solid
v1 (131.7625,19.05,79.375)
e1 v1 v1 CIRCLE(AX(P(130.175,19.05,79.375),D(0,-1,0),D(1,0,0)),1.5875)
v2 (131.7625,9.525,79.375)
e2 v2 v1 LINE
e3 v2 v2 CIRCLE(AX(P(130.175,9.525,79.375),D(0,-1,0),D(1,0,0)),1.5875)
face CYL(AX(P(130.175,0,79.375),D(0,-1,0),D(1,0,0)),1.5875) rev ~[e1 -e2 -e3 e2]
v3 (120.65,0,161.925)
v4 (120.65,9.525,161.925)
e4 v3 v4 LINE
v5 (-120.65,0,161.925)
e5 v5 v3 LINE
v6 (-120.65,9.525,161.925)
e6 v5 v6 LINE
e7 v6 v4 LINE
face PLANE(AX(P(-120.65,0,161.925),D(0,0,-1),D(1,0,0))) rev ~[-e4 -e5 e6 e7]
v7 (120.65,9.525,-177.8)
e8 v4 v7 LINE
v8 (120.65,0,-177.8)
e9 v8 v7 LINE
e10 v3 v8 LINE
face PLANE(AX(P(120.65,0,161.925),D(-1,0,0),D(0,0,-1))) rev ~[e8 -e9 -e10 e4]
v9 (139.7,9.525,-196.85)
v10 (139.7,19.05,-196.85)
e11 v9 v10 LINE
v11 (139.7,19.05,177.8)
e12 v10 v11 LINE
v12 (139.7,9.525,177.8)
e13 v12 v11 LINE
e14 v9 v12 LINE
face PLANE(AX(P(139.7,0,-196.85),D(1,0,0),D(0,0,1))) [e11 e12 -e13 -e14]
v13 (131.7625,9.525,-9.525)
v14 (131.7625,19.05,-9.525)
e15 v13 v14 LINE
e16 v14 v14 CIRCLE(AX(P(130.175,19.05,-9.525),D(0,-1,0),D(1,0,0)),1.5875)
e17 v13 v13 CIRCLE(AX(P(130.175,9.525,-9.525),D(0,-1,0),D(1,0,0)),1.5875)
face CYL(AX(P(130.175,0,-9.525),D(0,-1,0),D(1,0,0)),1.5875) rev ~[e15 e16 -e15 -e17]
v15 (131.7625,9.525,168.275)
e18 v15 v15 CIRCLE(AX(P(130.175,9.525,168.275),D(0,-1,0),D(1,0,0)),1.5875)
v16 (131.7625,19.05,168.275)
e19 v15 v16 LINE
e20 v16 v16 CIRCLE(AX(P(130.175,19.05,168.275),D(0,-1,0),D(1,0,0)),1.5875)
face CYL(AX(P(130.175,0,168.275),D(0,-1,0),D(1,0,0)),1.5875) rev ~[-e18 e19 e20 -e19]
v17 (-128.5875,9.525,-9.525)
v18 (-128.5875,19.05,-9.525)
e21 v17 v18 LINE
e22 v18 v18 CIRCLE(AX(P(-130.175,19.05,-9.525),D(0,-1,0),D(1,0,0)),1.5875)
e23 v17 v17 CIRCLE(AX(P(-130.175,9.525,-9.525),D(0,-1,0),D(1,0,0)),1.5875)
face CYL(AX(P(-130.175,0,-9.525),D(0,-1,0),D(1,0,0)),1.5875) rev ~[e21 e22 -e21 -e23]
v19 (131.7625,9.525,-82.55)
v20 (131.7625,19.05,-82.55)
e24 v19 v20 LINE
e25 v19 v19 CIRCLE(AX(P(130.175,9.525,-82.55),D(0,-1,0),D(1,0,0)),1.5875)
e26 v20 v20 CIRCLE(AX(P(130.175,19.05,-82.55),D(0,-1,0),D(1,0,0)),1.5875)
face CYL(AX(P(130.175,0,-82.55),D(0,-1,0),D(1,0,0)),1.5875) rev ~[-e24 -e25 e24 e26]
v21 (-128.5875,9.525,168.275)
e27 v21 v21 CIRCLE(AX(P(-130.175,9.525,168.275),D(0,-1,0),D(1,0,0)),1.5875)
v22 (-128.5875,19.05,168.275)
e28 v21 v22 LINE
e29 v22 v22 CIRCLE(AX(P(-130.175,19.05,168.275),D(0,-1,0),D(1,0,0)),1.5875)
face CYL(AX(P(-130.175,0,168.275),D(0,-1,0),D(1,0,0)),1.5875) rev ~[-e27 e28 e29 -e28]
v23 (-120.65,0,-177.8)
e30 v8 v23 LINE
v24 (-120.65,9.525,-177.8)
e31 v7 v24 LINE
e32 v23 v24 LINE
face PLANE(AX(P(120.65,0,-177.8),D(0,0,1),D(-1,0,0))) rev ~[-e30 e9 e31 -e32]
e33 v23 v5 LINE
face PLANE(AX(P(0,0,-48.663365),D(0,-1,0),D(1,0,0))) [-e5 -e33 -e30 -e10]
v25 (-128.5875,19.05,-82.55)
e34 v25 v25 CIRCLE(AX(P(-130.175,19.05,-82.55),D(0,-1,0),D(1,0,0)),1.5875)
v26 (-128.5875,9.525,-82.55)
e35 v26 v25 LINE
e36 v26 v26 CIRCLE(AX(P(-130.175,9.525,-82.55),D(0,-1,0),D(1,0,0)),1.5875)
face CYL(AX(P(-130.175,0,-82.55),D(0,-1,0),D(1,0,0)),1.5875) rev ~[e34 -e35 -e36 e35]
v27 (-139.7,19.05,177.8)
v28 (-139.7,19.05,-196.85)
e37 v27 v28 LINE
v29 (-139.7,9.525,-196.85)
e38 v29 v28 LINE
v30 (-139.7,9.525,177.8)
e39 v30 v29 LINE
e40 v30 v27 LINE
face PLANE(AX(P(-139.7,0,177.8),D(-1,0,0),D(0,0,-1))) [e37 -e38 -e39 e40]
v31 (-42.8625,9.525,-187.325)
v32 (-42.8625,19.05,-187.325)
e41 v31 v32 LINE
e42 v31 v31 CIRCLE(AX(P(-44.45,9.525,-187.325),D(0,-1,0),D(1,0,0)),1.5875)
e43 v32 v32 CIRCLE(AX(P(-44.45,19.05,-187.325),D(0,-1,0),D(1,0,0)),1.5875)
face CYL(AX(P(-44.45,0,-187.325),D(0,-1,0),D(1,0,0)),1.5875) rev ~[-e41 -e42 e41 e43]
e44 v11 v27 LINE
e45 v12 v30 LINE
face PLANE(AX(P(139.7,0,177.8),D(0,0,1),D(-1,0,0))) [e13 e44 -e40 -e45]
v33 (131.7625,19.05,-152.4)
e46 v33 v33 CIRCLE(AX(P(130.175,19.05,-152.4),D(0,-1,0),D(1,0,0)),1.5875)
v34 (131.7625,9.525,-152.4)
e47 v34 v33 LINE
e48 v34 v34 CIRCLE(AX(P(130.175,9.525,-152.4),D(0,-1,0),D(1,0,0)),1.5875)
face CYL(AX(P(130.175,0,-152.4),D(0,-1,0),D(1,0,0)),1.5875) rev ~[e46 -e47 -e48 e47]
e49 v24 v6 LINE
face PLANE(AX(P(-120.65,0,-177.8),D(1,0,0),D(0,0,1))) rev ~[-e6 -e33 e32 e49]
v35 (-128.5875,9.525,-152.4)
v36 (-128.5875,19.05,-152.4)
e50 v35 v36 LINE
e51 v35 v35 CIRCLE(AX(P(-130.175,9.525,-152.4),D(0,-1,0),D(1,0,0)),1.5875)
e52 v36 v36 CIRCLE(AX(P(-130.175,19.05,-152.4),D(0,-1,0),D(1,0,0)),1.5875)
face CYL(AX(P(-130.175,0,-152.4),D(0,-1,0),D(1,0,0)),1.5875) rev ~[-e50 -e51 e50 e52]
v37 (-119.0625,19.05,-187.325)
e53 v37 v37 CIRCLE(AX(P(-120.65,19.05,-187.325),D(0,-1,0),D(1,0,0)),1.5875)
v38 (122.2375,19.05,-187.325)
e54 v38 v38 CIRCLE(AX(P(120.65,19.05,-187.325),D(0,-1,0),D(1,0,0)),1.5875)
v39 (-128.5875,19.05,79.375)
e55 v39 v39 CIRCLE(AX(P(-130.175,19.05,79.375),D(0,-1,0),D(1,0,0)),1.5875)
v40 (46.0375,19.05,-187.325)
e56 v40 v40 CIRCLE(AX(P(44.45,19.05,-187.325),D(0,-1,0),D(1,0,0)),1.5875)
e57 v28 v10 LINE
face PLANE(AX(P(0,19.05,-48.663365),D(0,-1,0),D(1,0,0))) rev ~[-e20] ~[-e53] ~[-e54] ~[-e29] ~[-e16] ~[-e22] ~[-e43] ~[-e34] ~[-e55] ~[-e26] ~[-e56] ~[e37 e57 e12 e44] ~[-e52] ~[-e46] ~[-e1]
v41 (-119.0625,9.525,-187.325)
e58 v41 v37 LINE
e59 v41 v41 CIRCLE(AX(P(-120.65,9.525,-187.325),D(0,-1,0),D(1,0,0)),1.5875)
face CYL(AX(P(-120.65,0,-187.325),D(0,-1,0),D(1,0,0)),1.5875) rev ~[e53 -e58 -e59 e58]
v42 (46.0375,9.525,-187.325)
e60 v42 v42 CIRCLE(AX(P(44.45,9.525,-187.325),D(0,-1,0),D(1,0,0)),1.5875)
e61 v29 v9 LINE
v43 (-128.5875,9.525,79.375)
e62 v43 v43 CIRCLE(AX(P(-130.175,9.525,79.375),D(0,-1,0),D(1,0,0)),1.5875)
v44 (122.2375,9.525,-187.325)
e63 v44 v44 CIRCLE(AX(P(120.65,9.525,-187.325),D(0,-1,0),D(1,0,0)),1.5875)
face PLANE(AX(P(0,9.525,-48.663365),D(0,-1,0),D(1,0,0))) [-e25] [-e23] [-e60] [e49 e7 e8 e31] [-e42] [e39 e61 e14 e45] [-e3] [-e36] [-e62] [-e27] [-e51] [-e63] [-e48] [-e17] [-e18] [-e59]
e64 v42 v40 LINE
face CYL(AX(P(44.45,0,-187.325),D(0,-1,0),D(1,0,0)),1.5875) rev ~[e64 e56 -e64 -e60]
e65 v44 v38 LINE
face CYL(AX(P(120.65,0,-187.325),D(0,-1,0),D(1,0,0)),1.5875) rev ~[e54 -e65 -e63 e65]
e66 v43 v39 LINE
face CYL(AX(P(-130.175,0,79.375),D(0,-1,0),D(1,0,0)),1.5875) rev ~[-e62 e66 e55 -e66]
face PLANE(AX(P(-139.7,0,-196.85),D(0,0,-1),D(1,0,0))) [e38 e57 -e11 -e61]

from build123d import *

# Parameters (mm, degrees)
F0_R     = 1.5875
F0_W     = 241.3
F0_H     = 339.725
F0_H_2   = 15.875
F1_DEPTH = 19.05
F2_DEPTH = 9.525


with BuildPart() as f1:
    # F0 (on Front) → F1 (new body)
    with BuildSketch(Plane.XZ):
        Polygon((-120.65, 161.925), (-120.65, 177.8), (-139.7, 177.8), (-139.7, -196.85), (139.7, -196.85), (139.7, 177.8), (120.65, 177.8), (120.65, 161.925), (120.65, -177.8), (-120.65, -177.8), align=None)
        with Locations((-120.65, -187.325)):
            Circle(F0_R, mode=Mode.SUBTRACT)
        with Locations((-130.175, -152.4)):
            Circle(F0_R, mode=Mode.SUBTRACT)
        with Locations((-44.45, -187.325)):
            Circle(F0_R, mode=Mode.SUBTRACT)
        with Locations((-130.175, -82.55)):
            Circle(F0_R, mode=Mode.SUBTRACT)
        with Locations((44.45, -187.325)):
            Circle(F0_R, mode=Mode.SUBTRACT)
        with Locations((120.65, -187.325)):
            Circle(F0_R, mode=Mode.SUBTRACT)
        with Locations((130.175, -152.4)):
            Circle(F0_R, mode=Mode.SUBTRACT)
        with Locations((130.175, -82.55)):
            Circle(F0_R, mode=Mode.SUBTRACT)
        with Locations((-130.175, -9.525)):
            Circle(F0_R, mode=Mode.SUBTRACT)
        with Locations((-130.175, 79.375)):
            Circle(F0_R, mode=Mode.SUBTRACT)
        with Locations((-130.175, 168.275)):
            Circle(F0_R, mode=Mode.SUBTRACT)
        with Locations((130.175, -9.525)):
            Circle(F0_R, mode=Mode.SUBTRACT)
        with Locations((130.175, 79.375)):
            Circle(F0_R, mode=Mode.SUBTRACT)
        with Locations((130.175, 168.275)):
            Circle(F0_R, mode=Mode.SUBTRACT)
        with Locations((0, -7.9375)):
            Rectangle(F0_W, F0_H)
        with Locations((0, 169.8625)):
            Rectangle(F0_W, F0_H_2)
    extrude(amount=-F1_DEPTH)

    # F0 (on Front) → F2 (cut)
    with BuildSketch(Plane.XZ):
        Polygon((-120.65, 161.925), (-120.65, 177.8), (-139.7, 177.8), (-139.7, -196.85), (139.7, -196.85), (139.7, 177.8), (120.65, 177.8), (120.65, 161.925), (120.65, -177.8), (-120.65, -177.8), align=None)
        with Locations((-120.65, -187.325)):
            Circle(F0_R, mode=Mode.SUBTRACT)
        with Locations((-130.175, -152.4)):
            Circle(F0_R, mode=Mode.SUBTRACT)
        with Locations((-44.45, -187.325)):
            Circle(F0_R, mode=Mode.SUBTRACT)
        with Locations((-130.175, -82.55)):
            Circle(F0_R, mode=Mode.SUBTRACT)
        with Locations((44.45, -187.325)):
            Circle(F0_R, mode=Mode.SUBTRACT)
        with Locations((120.65, -187.325)):
            Circle(F0_R, mode=Mode.SUBTRACT)
        with Locations((130.175, -152.4)):
            Circle(F0_R, mode=Mode.SUBTRACT)
        with Locations((130.175, -82.55)):
            Circle(F0_R, mode=Mode.SUBTRACT)
        with Locations((-130.175, -9.525)):
            Circle(F0_R, mode=Mode.SUBTRACT)
        with Locations((-130.175, 79.375)):
            Circle(F0_R, mode=Mode.SUBTRACT)
        with Locations((-130.175, 168.275)):
            Circle(F0_R, mode=Mode.SUBTRACT)
        with Locations((130.175, -9.525)):
            Circle(F0_R, mode=Mode.SUBTRACT)
        with Locations((130.175, 79.375)):
            Circle(F0_R, mode=Mode.SUBTRACT)
        with Locations((130.175, 168.275)):
            Circle(F0_R, mode=Mode.SUBTRACT)
        with Locations((0, 169.8625)):
            Rectangle(F0_W, F0_H_2)
    extrude(amount=-F2_DEPTH, mode=Mode.SUBTRACT)


solid = f1.part
